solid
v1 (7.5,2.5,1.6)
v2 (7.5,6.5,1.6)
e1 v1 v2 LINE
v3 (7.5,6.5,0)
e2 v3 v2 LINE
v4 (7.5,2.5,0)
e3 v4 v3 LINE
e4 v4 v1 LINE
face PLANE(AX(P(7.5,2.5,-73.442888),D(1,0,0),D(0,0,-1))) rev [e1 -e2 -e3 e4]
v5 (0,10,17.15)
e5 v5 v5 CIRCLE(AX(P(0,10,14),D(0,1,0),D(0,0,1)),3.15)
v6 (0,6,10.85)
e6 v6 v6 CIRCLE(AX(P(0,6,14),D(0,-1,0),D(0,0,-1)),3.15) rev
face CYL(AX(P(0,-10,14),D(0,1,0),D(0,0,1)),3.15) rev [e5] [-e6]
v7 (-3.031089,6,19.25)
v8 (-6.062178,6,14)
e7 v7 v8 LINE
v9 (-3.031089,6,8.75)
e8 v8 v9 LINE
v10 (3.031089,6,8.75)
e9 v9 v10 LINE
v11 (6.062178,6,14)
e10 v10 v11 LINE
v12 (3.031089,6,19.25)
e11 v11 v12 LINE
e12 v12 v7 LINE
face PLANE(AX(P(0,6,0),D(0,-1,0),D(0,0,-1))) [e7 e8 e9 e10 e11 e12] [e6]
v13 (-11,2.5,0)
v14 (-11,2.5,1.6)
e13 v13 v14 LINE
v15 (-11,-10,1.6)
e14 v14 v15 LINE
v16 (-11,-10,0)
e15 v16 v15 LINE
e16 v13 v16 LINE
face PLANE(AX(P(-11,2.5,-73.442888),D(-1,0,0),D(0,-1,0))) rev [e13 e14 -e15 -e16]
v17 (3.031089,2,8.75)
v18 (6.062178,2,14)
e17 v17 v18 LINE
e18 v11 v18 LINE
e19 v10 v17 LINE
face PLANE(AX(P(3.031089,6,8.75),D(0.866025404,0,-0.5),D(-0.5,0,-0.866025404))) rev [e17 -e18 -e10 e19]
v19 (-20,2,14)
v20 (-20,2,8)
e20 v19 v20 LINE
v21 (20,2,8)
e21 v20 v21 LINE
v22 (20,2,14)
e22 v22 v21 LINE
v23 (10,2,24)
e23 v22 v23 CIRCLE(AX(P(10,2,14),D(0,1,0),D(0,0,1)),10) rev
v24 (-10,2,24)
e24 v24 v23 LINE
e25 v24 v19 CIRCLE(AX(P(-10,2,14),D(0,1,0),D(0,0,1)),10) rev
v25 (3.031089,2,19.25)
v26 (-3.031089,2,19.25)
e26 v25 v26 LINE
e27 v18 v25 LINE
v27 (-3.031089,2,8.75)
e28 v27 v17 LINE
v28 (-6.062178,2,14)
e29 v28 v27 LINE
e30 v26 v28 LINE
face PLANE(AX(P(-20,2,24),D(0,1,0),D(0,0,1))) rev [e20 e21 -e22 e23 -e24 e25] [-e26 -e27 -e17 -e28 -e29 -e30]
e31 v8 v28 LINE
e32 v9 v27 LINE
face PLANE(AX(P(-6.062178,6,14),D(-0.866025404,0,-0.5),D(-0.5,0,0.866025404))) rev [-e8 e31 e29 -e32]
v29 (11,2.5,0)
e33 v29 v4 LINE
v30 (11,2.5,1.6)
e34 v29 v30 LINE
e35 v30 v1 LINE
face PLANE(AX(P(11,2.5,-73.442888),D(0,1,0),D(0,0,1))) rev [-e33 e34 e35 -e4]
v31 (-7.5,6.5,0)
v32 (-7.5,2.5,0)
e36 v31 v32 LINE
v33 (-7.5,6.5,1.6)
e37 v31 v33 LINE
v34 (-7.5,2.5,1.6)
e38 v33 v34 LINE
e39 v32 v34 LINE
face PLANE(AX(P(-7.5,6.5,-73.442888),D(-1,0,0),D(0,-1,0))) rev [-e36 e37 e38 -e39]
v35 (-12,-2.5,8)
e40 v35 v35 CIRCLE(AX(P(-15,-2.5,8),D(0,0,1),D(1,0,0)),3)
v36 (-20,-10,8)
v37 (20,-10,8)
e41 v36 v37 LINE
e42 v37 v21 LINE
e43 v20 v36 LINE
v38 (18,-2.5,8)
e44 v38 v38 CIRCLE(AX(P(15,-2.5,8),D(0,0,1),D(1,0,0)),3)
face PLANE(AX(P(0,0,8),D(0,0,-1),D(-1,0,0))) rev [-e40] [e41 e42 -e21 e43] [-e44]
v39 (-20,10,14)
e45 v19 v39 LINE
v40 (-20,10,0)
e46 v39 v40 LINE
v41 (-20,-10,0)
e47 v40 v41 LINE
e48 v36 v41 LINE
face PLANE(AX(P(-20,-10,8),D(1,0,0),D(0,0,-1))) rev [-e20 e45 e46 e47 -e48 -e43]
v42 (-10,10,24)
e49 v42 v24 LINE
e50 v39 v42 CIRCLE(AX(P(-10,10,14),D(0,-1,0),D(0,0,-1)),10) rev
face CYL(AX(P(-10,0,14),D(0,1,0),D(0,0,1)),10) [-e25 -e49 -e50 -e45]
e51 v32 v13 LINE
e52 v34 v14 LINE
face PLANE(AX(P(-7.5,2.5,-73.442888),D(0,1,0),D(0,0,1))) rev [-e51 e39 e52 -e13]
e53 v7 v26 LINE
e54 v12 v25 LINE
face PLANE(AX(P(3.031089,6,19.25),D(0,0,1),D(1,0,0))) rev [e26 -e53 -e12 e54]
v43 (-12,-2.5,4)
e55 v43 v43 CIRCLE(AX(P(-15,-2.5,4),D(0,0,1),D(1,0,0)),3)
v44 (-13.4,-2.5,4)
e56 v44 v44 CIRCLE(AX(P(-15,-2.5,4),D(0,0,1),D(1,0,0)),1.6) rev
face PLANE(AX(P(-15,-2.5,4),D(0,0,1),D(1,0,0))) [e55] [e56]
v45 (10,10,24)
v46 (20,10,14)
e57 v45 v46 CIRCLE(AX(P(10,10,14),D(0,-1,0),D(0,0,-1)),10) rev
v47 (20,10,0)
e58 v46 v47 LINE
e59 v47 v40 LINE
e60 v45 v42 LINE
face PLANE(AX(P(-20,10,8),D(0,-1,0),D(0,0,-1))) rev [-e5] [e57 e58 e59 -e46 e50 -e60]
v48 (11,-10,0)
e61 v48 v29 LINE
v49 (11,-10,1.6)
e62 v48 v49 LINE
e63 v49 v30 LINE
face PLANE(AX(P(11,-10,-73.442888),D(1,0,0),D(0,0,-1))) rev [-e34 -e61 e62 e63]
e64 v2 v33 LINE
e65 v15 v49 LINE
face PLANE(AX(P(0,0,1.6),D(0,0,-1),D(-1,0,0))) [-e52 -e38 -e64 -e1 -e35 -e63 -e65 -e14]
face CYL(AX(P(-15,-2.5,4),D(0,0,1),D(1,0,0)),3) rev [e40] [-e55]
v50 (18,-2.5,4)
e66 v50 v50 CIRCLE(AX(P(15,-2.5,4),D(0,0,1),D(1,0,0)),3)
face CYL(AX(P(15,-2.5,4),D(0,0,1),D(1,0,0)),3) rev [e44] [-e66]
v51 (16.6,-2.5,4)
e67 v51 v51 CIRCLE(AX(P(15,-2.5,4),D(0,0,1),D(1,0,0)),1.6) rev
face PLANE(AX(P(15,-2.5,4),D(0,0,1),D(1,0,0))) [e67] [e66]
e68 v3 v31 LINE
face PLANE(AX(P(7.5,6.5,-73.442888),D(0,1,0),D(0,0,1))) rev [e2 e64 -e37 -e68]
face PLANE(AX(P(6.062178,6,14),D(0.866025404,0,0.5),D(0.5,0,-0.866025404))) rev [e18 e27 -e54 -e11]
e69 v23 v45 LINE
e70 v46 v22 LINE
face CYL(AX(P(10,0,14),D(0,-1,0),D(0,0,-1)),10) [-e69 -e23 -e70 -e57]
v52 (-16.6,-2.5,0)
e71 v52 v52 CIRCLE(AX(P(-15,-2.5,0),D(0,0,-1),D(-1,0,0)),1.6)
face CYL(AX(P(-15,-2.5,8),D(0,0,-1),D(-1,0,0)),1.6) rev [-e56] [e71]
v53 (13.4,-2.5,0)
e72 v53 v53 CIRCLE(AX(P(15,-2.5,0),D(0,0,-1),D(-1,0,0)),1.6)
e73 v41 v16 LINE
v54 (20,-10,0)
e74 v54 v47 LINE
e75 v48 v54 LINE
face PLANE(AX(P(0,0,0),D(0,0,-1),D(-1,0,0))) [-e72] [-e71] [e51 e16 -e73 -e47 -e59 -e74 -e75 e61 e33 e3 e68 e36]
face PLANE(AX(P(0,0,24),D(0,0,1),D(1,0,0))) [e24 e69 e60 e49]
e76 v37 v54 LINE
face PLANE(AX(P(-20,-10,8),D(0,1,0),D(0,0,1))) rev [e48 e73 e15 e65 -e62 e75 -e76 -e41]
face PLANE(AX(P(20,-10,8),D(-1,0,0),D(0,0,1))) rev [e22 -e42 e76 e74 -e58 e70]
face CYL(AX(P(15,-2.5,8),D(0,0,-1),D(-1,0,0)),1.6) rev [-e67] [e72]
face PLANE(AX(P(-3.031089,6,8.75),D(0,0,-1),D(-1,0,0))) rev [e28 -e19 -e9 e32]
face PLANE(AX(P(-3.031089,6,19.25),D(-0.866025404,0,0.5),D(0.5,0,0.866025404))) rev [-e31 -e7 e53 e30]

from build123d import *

# Parameters (mm, degrees)
SKETCH1_W               = 40
SKETCH1_H               = 20
BOSS_EXTRUDE1_DEPTH     = 8
SKETCH2_W               = 40
SKETCH2_H               = 8
BOSS_EXTRUDE2_DEPTH     = 16
SKETCH4_R               = 3.15
CUT_EXTRUDE1_DEPTH      = 38.094473982
SKETCH5_R               = 1.6
CUT_EXTRUDE2_DEPTH      = 8
SKETCH6_R               = 1.6
CUT_EXTRUDE3_DEPTH      = 8
CUT_EXTRUDE4_DEPTH      = 33.802438934
CUT_EXTRUDE4_DEPTH_BACK = 1.6
SKETCH9_R               = 3
CUT_EXTRUDE5_DEPTH      = 4
SKETCH10_R              = 3
CUT_EXTRUDE6_DEPTH      = 4
CUT_EXTRUDE7_DEPTH      = 4
FILLET1_R               = 10


with BuildPart() as part:
    # Sketch1 → Boss-Extrude1 (new body)
    with BuildSketch(Plane.XY):
        Rectangle(SKETCH1_W, SKETCH1_H)
    extrude(amount=BOSS_EXTRUDE1_DEPTH)

    # Sketch2 → Boss-Extrude2 (add)
    with BuildSketch(Plane.XY.offset(8)):
        with Locations((0, 6)):
            Rectangle(SKETCH2_W, SKETCH2_H)
    extrude(amount=BOSS_EXTRUDE2_DEPTH)

    # Sketch4 → Cut-Extrude1 (cut, through all)
    with BuildSketch(Plane(origin=(0, 10, 0), x_dir=(1, 0, 0), z_dir=(0, 1, 0))):
        with Locations(Location((0, -14, 0), (0, 0, 270))):
            Circle(SKETCH4_R)
    extrude(amount=-CUT_EXTRUDE1_DEPTH, mode=Mode.SUBTRACT)

    # Sketch5 → Cut-Extrude2 (cut)
    with BuildSketch(Plane(origin=(0, 0, 0), x_dir=(-1, 0, 0), z_dir=(0, 0, -1))):
        with Locations((-15, -2.5)):
            Circle(SKETCH5_R)
    extrude(amount=-CUT_EXTRUDE2_DEPTH, mode=Mode.SUBTRACT)

    # Sketch6 → Cut-Extrude3 (cut)
    with BuildSketch(Plane(origin=(0, 0, 0), x_dir=(-1, 0, 0), z_dir=(0, 0, -1))):
        with Locations((15, -2.5)):
            Circle(SKETCH6_R)
    extrude(amount=-CUT_EXTRUDE3_DEPTH, mode=Mode.SUBTRACT)

    # Sketch7 → Cut-Extrude4 (cut, two sides: drawn at the far end of the back side and taken through both)
    with BuildSketch(Plane(origin=(0, 0, 0), x_dir=(-1, 0, 0), z_dir=(0, 0, -1)).offset(-CUT_EXTRUDE4_DEPTH_BACK)):
        Polygon((-11, -93.783466983), (-11, -10), (-11, 2.5), (-7.5, 2.5), (-7.5, 6.5), (7.5, 6.5), (7.5, 2.5), (11, 2.5), (11, -10), (11, -93.783466983), (11, -261.350400948), (-11, -261.350400948), align=None)
    extrude(amount=CUT_EXTRUDE4_DEPTH + CUT_EXTRUDE4_DEPTH_BACK, mode=Mode.SUBTRACT)

    # Sketch9 → Cut-Extrude5 (cut)
    with BuildSketch(Plane.XY.offset(8)):
        with Locations((-15, -2.5)):
            Circle(SKETCH9_R)
    extrude(amount=-CUT_EXTRUDE5_DEPTH, mode=Mode.SUBTRACT)

    # Sketch10 → Cut-Extrude6 (cut)
    with BuildSketch(Plane.XY.offset(8)):
        with Locations((15, -2.5)):
            Circle(SKETCH10_R)
    extrude(amount=-CUT_EXTRUDE6_DEPTH, mode=Mode.SUBTRACT)

    # Sketch11 → Cut-Extrude7 (cut)
    with BuildSketch(Plane.XZ.offset(-2)):
        Polygon((6.062177826, 14), (3.031088913, 19.25), (-3.031088913, 19.25), (-6.062177826, 14), (-3.031088913, 8.75), (3.031088913, 8.75), align=None)
    extrude(amount=-CUT_EXTRUDE7_DEPTH, mode=Mode.SUBTRACT)

    # Fillet1
    fillet1_edges = [part.edges().sort_by_distance(p)[0] for p in [
        (-20, 6, 24),
        (20, 6, 24),
    ]]
    fillet(fillet1_edges, radius=FILLET1_R)


solid = part.part
